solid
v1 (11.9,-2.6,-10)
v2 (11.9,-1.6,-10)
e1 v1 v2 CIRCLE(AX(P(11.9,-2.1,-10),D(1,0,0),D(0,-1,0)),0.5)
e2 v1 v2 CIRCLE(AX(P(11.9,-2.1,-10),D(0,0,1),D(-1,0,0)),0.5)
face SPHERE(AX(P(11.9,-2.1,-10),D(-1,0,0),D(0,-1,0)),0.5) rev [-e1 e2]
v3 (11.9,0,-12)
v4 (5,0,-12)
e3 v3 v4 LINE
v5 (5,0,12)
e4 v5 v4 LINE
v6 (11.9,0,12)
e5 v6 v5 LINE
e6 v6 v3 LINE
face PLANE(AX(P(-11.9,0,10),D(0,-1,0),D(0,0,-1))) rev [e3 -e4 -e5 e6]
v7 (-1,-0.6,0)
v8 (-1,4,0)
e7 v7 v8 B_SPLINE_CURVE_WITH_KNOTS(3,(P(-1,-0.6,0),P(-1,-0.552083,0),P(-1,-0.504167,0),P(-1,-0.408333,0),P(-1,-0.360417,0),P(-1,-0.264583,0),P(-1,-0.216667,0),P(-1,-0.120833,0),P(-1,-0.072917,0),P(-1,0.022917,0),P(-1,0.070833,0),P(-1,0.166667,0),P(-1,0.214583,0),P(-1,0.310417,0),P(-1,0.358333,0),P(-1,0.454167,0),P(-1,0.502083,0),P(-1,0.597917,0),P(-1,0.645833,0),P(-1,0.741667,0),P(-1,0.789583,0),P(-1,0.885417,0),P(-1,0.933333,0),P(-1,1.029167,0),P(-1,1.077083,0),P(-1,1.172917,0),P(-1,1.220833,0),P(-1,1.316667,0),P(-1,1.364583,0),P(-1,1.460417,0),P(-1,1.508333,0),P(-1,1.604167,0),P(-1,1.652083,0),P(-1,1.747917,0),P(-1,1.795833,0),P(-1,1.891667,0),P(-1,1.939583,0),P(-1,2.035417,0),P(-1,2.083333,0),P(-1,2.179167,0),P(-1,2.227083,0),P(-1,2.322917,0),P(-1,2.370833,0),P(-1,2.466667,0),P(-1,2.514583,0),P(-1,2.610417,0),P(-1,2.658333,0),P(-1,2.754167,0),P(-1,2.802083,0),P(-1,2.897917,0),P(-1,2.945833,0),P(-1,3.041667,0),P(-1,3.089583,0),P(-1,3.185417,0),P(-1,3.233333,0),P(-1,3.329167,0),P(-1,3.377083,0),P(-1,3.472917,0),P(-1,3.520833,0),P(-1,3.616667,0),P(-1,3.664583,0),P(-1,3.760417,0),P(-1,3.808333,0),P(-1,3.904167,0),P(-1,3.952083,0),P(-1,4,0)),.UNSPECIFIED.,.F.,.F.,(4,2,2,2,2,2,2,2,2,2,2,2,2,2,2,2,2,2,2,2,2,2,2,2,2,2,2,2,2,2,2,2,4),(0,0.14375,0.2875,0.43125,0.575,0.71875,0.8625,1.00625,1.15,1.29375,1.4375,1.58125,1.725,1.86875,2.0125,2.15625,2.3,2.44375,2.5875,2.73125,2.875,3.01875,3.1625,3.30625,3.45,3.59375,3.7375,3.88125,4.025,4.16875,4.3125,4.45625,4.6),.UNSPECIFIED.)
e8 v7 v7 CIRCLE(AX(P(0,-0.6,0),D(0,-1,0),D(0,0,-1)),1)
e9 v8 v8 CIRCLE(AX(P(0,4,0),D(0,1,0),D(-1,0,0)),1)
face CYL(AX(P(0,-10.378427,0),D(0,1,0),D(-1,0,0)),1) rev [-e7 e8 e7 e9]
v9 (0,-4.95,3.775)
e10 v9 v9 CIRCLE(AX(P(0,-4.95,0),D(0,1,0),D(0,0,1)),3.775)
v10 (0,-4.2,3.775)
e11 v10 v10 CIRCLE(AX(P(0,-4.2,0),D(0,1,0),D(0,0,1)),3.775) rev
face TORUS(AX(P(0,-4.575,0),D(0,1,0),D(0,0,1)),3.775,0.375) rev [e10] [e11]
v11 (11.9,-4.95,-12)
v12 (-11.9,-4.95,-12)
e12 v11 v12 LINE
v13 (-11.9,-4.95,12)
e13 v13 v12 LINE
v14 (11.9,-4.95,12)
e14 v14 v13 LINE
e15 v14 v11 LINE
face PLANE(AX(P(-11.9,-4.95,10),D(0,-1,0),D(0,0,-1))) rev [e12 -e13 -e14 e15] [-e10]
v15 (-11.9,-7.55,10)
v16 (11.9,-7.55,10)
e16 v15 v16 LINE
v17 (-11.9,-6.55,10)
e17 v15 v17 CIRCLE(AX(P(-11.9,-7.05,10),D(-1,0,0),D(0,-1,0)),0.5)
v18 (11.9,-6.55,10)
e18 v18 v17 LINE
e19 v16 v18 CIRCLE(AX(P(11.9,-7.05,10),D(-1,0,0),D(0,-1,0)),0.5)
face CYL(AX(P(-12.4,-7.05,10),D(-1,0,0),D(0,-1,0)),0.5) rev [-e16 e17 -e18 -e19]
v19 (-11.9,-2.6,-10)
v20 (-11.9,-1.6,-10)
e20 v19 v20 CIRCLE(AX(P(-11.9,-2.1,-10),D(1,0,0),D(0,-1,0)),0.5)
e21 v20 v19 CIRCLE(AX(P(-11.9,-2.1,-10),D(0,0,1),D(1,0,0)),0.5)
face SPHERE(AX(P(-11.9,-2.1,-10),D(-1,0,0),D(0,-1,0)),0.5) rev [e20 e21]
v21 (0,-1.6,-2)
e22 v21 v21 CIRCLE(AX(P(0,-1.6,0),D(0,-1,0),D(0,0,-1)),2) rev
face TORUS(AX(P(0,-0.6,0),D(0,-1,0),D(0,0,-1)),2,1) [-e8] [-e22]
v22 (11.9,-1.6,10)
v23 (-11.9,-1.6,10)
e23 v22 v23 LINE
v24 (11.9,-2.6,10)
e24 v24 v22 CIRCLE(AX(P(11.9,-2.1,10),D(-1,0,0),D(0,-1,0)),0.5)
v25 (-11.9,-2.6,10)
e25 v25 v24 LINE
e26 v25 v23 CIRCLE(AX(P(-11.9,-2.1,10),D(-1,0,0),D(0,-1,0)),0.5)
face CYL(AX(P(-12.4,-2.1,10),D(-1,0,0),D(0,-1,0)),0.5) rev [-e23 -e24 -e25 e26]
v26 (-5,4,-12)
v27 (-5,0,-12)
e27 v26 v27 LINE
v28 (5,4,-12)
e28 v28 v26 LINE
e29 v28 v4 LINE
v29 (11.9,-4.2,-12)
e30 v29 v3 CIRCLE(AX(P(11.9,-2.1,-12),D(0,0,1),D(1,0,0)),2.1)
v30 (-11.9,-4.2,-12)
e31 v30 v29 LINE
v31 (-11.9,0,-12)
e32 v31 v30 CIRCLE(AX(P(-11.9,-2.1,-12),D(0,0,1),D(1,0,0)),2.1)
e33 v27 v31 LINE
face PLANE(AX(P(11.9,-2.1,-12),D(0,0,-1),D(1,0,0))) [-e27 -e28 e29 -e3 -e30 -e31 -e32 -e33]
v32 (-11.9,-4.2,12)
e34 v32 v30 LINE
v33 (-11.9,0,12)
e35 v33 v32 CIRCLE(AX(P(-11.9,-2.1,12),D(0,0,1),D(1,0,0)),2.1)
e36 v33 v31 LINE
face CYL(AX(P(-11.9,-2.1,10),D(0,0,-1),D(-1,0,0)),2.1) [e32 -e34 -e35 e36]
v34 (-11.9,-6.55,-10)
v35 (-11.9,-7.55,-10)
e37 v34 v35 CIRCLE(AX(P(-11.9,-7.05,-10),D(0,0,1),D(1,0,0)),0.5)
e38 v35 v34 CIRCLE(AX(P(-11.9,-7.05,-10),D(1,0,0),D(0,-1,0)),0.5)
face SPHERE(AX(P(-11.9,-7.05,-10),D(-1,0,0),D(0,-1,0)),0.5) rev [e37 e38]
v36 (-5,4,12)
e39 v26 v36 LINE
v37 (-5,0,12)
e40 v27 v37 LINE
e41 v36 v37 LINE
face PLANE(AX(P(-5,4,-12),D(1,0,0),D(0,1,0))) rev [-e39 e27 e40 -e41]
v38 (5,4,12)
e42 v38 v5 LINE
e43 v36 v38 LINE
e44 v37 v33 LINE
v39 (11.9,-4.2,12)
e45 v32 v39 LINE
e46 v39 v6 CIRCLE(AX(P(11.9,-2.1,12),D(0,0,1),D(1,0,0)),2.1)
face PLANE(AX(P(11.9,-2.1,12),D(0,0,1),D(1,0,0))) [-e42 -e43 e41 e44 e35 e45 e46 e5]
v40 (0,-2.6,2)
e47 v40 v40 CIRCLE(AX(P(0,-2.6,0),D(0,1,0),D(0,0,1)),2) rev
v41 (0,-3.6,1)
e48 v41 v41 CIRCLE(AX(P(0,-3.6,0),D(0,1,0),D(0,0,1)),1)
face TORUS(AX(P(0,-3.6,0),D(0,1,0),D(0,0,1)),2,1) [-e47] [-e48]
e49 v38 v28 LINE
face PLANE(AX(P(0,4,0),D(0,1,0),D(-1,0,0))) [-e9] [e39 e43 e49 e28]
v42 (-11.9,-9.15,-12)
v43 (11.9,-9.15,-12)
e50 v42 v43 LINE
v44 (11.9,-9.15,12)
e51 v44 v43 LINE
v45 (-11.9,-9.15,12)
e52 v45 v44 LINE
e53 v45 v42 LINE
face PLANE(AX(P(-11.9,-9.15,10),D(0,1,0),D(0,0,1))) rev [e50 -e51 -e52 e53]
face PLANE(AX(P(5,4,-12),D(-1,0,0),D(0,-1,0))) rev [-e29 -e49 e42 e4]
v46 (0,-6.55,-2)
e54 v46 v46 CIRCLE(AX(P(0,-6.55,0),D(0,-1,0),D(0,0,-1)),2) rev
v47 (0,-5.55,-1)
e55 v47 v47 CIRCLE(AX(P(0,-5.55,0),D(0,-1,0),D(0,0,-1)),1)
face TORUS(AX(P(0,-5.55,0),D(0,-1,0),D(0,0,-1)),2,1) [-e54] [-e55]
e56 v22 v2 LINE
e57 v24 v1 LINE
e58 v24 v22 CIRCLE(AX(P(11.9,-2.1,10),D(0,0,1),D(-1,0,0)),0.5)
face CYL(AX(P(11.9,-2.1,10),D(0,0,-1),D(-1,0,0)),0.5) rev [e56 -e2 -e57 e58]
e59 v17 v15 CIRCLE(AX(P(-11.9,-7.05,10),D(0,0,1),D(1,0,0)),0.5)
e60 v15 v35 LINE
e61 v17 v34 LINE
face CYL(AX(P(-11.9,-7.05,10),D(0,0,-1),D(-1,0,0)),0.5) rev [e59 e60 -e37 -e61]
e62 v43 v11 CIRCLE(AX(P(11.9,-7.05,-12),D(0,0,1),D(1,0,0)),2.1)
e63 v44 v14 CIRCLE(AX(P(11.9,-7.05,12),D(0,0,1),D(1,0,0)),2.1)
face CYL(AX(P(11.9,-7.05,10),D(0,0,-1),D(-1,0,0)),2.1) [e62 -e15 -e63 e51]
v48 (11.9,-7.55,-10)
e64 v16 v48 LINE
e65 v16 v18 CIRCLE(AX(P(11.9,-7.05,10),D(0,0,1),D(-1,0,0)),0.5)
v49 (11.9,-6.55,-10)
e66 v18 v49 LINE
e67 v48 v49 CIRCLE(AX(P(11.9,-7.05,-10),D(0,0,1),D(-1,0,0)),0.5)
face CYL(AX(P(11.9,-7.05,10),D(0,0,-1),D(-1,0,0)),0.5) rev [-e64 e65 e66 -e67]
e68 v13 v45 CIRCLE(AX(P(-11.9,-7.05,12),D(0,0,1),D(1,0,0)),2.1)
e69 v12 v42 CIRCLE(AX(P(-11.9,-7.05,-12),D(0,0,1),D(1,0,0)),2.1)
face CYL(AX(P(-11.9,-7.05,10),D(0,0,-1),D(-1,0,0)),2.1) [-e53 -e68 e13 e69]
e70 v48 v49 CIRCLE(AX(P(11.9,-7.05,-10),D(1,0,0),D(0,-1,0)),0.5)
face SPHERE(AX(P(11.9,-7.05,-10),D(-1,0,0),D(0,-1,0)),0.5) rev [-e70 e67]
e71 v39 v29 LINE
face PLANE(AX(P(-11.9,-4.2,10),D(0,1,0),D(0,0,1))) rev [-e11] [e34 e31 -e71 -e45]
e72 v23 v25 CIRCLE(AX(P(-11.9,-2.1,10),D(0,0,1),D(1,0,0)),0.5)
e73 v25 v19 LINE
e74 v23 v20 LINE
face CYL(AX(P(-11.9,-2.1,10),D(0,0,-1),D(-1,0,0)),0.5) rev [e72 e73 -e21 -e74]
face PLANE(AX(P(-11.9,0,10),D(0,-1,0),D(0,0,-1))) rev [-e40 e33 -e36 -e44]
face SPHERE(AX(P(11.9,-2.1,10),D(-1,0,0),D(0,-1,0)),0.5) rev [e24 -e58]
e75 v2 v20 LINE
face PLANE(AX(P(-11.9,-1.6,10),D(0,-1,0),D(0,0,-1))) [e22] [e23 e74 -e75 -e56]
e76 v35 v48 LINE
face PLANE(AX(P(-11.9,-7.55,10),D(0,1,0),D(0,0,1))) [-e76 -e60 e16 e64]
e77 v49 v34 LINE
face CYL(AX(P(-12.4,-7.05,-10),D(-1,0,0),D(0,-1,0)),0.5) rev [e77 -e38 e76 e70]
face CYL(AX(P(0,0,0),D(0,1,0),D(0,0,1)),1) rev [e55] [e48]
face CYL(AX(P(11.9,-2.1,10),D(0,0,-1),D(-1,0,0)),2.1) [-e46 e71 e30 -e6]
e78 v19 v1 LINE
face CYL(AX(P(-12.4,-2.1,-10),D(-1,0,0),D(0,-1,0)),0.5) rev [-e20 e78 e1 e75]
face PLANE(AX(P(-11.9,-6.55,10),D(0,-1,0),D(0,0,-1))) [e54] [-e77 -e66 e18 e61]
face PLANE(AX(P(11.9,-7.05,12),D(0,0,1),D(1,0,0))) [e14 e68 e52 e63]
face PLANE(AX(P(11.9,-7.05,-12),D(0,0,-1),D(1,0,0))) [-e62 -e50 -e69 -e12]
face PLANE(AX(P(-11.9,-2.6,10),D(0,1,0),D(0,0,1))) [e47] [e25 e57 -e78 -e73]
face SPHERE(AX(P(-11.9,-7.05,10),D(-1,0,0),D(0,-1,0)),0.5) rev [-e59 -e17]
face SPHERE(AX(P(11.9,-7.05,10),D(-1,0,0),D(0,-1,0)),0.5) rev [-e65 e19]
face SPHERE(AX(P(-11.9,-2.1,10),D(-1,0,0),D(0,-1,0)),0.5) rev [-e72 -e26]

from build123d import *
from build123d.topology import SkipClean

# Parameters (mm, degrees)
BOSS_EXTRUDE1_DEPTH = 10
BOSS_EXTRUDE2_DEPTH = 2
CUT_REVOLVE1_ANGLE  = 180
LPATTERN1_COUNT     = 2
LPATTERN1_PITCH     = 4.95
CUT_EXTRUDE1_START  = -7.55
SKETCH7_R           = 1
CUT_EXTRUDE1_DEPTH  = 7.55
SKETCH8_W           = 10
SKETCH8_H           = 24
SKETCH8_R           = 1
BOSS_EXTRUDE3_DEPTH = 4
FILLET1_R           = 1


with BuildPart() as part:
    # Sketch1 → Boss-Extrude1 (new body)
    with BuildSketch(Plane.XY):
        with BuildLine():
            Line((-11.9, 0), (11.9, 0))
            ThreePointArc((11.9, 0), (14, -2.1), (11.9, -4.2))
            Line((11.9, -4.2), (-11.9, -4.2))
            ThreePointArc((-11.9, -4.2), (-14, -2.1), (-11.9, 0))
        make_face()
        with BuildLine():
            Line((-11.9, -1.6), (11.9, -1.6))
            ThreePointArc((11.9, -1.6), (12.4, -2.1), (11.9, -2.6))
            Line((11.9, -2.6), (-11.9, -2.6))
            ThreePointArc((-11.9, -2.6), (-12.4, -2.1), (-11.9, -1.6))
        make_face(mode=Mode.SUBTRACT)
    boss_extrude1 = extrude(amount=BOSS_EXTRUDE1_DEPTH)

    # Sketch4 → Boss-Extrude2 (add)
    with BuildSketch(Plane.XY.offset(10)):
        with BuildLine():
            Line((11.9, 0), (-11.9, 0))
            ThreePointArc((-11.9, 0), (-14, -2.1), (-11.9, -4.2))
            Line((-11.9, -4.2), (11.9, -4.2))
            ThreePointArc((11.9, -4.2), (14, -2.1), (11.9, 0))
        make_face()
    boss_extrude2 = extrude(amount=BOSS_EXTRUDE2_DEPTH)

    # Sketch3 → Cut-Revolve1 (revolve, cut)
    with BuildSketch(Plane.XY.offset(10)):
        with BuildLine():
            Line((0, -2.1), (0, -1.6))
            Line((0, -1.6), (-11.9, -1.6))
            ThreePointArc((-11.9, -1.6), (-12.253553391, -1.746446609), (-12.4, -2.1))
            Line((-12.4, -2.1), (0, -2.1))
        make_face()
        with BuildLine():
            Line((11.9, -1.6), (0, -1.6))
            Line((0, -1.6), (0, -2.1))
            Line((0, -2.1), (12.4, -2.1))
            ThreePointArc((12.4, -2.1), (12.253553391, -1.746446609), (11.9, -1.6))
        make_face()
    cut_revolve1 = revolve(axis=Axis((-12.4, -2.1, 10), (1, 0, 0)), revolution_arc=CUT_REVOLVE1_ANGLE, mode=Mode.SUBTRACT)

    # Mirror1: Boss-Extrude1, Boss-Extrude2, Cut-Revolve1 across plane
    add(boss_extrude1.mirror(Plane.XY))
    add(boss_extrude2.mirror(Plane.XY))
    add(cut_revolve1.mirror(Plane.XY), mode=Mode.SUBTRACT)


with BuildPart() as lpattern1_1:
    # LPattern1: pattern copy
    add(part.part.moved(Location(Vector(0, -1, 0) * (1 * LPATTERN1_PITCH))))


with BuildPart() as part_1:
    add(part.part)

    add(lpattern1_1.part)  # Revolve1 merges LPattern1_1
    # Sketch6 → Revolve1 (revolve)
    with BuildSketch(Plane.XY, mode=Mode.PRIVATE) as revolve1_sk:
        with BuildLine():
            Line((-3.775, -4.2), (-1, -4.2))
            Line((-1, -4.2), (-1, -4.95))
            Line((-1, -4.95), (-3.775, -4.95))
            ThreePointArc((-3.775, -4.95), (-3.4, -4.575), (-3.775, -4.2))
        make_face()
    revolve(revolve1_sk.sketch.rotate(Axis((0, 0, 0), (0, -1, 0)), 270), axis=Axis((0, 0, 0), (0, -1, 0)))

    # Sketch7 → Cut-Extrude1 (cut)
    with SkipClean():  # the faces are left unmerged after this step: merging them gives an invalid solid
        with BuildSketch(Plane(origin=(0, 0, 0), x_dir=(1, 0, 0), z_dir=(0, 1, 0)).offset(CUT_EXTRUDE1_START)):
            with Locations(Location((0, 0, 0), (0, 0, 180))):
                Circle(SKETCH7_R)
        extrude(amount=CUT_EXTRUDE1_DEPTH, mode=Mode.SUBTRACT)

    # Sketch8 → Boss-Extrude3 (add)
    with SkipClean():  # the faces are left unmerged after this step: merging them gives an invalid solid
        with BuildSketch(Plane(origin=(0, 0, 0), x_dir=(1, 0, 0), z_dir=(0, 1, 0))):
            Rectangle(SKETCH8_W, SKETCH8_H)
            with Locations(Location((0, 0, 0), (0, 0, 180))):
                Circle(SKETCH8_R, mode=Mode.SUBTRACT)
        extrude(amount=BOSS_EXTRUDE3_DEPTH)

    # Fillet1
    fillet1_edges = [part_1.edges().sort_by_distance(p)[0] for p in [
        (1, -2.6, 0),
        (1, -1.6, 0),
        (1, -6.55, 0),
    ]]
    fillet(fillet1_edges, radius=FILLET1_R)


solid = part_1.part
